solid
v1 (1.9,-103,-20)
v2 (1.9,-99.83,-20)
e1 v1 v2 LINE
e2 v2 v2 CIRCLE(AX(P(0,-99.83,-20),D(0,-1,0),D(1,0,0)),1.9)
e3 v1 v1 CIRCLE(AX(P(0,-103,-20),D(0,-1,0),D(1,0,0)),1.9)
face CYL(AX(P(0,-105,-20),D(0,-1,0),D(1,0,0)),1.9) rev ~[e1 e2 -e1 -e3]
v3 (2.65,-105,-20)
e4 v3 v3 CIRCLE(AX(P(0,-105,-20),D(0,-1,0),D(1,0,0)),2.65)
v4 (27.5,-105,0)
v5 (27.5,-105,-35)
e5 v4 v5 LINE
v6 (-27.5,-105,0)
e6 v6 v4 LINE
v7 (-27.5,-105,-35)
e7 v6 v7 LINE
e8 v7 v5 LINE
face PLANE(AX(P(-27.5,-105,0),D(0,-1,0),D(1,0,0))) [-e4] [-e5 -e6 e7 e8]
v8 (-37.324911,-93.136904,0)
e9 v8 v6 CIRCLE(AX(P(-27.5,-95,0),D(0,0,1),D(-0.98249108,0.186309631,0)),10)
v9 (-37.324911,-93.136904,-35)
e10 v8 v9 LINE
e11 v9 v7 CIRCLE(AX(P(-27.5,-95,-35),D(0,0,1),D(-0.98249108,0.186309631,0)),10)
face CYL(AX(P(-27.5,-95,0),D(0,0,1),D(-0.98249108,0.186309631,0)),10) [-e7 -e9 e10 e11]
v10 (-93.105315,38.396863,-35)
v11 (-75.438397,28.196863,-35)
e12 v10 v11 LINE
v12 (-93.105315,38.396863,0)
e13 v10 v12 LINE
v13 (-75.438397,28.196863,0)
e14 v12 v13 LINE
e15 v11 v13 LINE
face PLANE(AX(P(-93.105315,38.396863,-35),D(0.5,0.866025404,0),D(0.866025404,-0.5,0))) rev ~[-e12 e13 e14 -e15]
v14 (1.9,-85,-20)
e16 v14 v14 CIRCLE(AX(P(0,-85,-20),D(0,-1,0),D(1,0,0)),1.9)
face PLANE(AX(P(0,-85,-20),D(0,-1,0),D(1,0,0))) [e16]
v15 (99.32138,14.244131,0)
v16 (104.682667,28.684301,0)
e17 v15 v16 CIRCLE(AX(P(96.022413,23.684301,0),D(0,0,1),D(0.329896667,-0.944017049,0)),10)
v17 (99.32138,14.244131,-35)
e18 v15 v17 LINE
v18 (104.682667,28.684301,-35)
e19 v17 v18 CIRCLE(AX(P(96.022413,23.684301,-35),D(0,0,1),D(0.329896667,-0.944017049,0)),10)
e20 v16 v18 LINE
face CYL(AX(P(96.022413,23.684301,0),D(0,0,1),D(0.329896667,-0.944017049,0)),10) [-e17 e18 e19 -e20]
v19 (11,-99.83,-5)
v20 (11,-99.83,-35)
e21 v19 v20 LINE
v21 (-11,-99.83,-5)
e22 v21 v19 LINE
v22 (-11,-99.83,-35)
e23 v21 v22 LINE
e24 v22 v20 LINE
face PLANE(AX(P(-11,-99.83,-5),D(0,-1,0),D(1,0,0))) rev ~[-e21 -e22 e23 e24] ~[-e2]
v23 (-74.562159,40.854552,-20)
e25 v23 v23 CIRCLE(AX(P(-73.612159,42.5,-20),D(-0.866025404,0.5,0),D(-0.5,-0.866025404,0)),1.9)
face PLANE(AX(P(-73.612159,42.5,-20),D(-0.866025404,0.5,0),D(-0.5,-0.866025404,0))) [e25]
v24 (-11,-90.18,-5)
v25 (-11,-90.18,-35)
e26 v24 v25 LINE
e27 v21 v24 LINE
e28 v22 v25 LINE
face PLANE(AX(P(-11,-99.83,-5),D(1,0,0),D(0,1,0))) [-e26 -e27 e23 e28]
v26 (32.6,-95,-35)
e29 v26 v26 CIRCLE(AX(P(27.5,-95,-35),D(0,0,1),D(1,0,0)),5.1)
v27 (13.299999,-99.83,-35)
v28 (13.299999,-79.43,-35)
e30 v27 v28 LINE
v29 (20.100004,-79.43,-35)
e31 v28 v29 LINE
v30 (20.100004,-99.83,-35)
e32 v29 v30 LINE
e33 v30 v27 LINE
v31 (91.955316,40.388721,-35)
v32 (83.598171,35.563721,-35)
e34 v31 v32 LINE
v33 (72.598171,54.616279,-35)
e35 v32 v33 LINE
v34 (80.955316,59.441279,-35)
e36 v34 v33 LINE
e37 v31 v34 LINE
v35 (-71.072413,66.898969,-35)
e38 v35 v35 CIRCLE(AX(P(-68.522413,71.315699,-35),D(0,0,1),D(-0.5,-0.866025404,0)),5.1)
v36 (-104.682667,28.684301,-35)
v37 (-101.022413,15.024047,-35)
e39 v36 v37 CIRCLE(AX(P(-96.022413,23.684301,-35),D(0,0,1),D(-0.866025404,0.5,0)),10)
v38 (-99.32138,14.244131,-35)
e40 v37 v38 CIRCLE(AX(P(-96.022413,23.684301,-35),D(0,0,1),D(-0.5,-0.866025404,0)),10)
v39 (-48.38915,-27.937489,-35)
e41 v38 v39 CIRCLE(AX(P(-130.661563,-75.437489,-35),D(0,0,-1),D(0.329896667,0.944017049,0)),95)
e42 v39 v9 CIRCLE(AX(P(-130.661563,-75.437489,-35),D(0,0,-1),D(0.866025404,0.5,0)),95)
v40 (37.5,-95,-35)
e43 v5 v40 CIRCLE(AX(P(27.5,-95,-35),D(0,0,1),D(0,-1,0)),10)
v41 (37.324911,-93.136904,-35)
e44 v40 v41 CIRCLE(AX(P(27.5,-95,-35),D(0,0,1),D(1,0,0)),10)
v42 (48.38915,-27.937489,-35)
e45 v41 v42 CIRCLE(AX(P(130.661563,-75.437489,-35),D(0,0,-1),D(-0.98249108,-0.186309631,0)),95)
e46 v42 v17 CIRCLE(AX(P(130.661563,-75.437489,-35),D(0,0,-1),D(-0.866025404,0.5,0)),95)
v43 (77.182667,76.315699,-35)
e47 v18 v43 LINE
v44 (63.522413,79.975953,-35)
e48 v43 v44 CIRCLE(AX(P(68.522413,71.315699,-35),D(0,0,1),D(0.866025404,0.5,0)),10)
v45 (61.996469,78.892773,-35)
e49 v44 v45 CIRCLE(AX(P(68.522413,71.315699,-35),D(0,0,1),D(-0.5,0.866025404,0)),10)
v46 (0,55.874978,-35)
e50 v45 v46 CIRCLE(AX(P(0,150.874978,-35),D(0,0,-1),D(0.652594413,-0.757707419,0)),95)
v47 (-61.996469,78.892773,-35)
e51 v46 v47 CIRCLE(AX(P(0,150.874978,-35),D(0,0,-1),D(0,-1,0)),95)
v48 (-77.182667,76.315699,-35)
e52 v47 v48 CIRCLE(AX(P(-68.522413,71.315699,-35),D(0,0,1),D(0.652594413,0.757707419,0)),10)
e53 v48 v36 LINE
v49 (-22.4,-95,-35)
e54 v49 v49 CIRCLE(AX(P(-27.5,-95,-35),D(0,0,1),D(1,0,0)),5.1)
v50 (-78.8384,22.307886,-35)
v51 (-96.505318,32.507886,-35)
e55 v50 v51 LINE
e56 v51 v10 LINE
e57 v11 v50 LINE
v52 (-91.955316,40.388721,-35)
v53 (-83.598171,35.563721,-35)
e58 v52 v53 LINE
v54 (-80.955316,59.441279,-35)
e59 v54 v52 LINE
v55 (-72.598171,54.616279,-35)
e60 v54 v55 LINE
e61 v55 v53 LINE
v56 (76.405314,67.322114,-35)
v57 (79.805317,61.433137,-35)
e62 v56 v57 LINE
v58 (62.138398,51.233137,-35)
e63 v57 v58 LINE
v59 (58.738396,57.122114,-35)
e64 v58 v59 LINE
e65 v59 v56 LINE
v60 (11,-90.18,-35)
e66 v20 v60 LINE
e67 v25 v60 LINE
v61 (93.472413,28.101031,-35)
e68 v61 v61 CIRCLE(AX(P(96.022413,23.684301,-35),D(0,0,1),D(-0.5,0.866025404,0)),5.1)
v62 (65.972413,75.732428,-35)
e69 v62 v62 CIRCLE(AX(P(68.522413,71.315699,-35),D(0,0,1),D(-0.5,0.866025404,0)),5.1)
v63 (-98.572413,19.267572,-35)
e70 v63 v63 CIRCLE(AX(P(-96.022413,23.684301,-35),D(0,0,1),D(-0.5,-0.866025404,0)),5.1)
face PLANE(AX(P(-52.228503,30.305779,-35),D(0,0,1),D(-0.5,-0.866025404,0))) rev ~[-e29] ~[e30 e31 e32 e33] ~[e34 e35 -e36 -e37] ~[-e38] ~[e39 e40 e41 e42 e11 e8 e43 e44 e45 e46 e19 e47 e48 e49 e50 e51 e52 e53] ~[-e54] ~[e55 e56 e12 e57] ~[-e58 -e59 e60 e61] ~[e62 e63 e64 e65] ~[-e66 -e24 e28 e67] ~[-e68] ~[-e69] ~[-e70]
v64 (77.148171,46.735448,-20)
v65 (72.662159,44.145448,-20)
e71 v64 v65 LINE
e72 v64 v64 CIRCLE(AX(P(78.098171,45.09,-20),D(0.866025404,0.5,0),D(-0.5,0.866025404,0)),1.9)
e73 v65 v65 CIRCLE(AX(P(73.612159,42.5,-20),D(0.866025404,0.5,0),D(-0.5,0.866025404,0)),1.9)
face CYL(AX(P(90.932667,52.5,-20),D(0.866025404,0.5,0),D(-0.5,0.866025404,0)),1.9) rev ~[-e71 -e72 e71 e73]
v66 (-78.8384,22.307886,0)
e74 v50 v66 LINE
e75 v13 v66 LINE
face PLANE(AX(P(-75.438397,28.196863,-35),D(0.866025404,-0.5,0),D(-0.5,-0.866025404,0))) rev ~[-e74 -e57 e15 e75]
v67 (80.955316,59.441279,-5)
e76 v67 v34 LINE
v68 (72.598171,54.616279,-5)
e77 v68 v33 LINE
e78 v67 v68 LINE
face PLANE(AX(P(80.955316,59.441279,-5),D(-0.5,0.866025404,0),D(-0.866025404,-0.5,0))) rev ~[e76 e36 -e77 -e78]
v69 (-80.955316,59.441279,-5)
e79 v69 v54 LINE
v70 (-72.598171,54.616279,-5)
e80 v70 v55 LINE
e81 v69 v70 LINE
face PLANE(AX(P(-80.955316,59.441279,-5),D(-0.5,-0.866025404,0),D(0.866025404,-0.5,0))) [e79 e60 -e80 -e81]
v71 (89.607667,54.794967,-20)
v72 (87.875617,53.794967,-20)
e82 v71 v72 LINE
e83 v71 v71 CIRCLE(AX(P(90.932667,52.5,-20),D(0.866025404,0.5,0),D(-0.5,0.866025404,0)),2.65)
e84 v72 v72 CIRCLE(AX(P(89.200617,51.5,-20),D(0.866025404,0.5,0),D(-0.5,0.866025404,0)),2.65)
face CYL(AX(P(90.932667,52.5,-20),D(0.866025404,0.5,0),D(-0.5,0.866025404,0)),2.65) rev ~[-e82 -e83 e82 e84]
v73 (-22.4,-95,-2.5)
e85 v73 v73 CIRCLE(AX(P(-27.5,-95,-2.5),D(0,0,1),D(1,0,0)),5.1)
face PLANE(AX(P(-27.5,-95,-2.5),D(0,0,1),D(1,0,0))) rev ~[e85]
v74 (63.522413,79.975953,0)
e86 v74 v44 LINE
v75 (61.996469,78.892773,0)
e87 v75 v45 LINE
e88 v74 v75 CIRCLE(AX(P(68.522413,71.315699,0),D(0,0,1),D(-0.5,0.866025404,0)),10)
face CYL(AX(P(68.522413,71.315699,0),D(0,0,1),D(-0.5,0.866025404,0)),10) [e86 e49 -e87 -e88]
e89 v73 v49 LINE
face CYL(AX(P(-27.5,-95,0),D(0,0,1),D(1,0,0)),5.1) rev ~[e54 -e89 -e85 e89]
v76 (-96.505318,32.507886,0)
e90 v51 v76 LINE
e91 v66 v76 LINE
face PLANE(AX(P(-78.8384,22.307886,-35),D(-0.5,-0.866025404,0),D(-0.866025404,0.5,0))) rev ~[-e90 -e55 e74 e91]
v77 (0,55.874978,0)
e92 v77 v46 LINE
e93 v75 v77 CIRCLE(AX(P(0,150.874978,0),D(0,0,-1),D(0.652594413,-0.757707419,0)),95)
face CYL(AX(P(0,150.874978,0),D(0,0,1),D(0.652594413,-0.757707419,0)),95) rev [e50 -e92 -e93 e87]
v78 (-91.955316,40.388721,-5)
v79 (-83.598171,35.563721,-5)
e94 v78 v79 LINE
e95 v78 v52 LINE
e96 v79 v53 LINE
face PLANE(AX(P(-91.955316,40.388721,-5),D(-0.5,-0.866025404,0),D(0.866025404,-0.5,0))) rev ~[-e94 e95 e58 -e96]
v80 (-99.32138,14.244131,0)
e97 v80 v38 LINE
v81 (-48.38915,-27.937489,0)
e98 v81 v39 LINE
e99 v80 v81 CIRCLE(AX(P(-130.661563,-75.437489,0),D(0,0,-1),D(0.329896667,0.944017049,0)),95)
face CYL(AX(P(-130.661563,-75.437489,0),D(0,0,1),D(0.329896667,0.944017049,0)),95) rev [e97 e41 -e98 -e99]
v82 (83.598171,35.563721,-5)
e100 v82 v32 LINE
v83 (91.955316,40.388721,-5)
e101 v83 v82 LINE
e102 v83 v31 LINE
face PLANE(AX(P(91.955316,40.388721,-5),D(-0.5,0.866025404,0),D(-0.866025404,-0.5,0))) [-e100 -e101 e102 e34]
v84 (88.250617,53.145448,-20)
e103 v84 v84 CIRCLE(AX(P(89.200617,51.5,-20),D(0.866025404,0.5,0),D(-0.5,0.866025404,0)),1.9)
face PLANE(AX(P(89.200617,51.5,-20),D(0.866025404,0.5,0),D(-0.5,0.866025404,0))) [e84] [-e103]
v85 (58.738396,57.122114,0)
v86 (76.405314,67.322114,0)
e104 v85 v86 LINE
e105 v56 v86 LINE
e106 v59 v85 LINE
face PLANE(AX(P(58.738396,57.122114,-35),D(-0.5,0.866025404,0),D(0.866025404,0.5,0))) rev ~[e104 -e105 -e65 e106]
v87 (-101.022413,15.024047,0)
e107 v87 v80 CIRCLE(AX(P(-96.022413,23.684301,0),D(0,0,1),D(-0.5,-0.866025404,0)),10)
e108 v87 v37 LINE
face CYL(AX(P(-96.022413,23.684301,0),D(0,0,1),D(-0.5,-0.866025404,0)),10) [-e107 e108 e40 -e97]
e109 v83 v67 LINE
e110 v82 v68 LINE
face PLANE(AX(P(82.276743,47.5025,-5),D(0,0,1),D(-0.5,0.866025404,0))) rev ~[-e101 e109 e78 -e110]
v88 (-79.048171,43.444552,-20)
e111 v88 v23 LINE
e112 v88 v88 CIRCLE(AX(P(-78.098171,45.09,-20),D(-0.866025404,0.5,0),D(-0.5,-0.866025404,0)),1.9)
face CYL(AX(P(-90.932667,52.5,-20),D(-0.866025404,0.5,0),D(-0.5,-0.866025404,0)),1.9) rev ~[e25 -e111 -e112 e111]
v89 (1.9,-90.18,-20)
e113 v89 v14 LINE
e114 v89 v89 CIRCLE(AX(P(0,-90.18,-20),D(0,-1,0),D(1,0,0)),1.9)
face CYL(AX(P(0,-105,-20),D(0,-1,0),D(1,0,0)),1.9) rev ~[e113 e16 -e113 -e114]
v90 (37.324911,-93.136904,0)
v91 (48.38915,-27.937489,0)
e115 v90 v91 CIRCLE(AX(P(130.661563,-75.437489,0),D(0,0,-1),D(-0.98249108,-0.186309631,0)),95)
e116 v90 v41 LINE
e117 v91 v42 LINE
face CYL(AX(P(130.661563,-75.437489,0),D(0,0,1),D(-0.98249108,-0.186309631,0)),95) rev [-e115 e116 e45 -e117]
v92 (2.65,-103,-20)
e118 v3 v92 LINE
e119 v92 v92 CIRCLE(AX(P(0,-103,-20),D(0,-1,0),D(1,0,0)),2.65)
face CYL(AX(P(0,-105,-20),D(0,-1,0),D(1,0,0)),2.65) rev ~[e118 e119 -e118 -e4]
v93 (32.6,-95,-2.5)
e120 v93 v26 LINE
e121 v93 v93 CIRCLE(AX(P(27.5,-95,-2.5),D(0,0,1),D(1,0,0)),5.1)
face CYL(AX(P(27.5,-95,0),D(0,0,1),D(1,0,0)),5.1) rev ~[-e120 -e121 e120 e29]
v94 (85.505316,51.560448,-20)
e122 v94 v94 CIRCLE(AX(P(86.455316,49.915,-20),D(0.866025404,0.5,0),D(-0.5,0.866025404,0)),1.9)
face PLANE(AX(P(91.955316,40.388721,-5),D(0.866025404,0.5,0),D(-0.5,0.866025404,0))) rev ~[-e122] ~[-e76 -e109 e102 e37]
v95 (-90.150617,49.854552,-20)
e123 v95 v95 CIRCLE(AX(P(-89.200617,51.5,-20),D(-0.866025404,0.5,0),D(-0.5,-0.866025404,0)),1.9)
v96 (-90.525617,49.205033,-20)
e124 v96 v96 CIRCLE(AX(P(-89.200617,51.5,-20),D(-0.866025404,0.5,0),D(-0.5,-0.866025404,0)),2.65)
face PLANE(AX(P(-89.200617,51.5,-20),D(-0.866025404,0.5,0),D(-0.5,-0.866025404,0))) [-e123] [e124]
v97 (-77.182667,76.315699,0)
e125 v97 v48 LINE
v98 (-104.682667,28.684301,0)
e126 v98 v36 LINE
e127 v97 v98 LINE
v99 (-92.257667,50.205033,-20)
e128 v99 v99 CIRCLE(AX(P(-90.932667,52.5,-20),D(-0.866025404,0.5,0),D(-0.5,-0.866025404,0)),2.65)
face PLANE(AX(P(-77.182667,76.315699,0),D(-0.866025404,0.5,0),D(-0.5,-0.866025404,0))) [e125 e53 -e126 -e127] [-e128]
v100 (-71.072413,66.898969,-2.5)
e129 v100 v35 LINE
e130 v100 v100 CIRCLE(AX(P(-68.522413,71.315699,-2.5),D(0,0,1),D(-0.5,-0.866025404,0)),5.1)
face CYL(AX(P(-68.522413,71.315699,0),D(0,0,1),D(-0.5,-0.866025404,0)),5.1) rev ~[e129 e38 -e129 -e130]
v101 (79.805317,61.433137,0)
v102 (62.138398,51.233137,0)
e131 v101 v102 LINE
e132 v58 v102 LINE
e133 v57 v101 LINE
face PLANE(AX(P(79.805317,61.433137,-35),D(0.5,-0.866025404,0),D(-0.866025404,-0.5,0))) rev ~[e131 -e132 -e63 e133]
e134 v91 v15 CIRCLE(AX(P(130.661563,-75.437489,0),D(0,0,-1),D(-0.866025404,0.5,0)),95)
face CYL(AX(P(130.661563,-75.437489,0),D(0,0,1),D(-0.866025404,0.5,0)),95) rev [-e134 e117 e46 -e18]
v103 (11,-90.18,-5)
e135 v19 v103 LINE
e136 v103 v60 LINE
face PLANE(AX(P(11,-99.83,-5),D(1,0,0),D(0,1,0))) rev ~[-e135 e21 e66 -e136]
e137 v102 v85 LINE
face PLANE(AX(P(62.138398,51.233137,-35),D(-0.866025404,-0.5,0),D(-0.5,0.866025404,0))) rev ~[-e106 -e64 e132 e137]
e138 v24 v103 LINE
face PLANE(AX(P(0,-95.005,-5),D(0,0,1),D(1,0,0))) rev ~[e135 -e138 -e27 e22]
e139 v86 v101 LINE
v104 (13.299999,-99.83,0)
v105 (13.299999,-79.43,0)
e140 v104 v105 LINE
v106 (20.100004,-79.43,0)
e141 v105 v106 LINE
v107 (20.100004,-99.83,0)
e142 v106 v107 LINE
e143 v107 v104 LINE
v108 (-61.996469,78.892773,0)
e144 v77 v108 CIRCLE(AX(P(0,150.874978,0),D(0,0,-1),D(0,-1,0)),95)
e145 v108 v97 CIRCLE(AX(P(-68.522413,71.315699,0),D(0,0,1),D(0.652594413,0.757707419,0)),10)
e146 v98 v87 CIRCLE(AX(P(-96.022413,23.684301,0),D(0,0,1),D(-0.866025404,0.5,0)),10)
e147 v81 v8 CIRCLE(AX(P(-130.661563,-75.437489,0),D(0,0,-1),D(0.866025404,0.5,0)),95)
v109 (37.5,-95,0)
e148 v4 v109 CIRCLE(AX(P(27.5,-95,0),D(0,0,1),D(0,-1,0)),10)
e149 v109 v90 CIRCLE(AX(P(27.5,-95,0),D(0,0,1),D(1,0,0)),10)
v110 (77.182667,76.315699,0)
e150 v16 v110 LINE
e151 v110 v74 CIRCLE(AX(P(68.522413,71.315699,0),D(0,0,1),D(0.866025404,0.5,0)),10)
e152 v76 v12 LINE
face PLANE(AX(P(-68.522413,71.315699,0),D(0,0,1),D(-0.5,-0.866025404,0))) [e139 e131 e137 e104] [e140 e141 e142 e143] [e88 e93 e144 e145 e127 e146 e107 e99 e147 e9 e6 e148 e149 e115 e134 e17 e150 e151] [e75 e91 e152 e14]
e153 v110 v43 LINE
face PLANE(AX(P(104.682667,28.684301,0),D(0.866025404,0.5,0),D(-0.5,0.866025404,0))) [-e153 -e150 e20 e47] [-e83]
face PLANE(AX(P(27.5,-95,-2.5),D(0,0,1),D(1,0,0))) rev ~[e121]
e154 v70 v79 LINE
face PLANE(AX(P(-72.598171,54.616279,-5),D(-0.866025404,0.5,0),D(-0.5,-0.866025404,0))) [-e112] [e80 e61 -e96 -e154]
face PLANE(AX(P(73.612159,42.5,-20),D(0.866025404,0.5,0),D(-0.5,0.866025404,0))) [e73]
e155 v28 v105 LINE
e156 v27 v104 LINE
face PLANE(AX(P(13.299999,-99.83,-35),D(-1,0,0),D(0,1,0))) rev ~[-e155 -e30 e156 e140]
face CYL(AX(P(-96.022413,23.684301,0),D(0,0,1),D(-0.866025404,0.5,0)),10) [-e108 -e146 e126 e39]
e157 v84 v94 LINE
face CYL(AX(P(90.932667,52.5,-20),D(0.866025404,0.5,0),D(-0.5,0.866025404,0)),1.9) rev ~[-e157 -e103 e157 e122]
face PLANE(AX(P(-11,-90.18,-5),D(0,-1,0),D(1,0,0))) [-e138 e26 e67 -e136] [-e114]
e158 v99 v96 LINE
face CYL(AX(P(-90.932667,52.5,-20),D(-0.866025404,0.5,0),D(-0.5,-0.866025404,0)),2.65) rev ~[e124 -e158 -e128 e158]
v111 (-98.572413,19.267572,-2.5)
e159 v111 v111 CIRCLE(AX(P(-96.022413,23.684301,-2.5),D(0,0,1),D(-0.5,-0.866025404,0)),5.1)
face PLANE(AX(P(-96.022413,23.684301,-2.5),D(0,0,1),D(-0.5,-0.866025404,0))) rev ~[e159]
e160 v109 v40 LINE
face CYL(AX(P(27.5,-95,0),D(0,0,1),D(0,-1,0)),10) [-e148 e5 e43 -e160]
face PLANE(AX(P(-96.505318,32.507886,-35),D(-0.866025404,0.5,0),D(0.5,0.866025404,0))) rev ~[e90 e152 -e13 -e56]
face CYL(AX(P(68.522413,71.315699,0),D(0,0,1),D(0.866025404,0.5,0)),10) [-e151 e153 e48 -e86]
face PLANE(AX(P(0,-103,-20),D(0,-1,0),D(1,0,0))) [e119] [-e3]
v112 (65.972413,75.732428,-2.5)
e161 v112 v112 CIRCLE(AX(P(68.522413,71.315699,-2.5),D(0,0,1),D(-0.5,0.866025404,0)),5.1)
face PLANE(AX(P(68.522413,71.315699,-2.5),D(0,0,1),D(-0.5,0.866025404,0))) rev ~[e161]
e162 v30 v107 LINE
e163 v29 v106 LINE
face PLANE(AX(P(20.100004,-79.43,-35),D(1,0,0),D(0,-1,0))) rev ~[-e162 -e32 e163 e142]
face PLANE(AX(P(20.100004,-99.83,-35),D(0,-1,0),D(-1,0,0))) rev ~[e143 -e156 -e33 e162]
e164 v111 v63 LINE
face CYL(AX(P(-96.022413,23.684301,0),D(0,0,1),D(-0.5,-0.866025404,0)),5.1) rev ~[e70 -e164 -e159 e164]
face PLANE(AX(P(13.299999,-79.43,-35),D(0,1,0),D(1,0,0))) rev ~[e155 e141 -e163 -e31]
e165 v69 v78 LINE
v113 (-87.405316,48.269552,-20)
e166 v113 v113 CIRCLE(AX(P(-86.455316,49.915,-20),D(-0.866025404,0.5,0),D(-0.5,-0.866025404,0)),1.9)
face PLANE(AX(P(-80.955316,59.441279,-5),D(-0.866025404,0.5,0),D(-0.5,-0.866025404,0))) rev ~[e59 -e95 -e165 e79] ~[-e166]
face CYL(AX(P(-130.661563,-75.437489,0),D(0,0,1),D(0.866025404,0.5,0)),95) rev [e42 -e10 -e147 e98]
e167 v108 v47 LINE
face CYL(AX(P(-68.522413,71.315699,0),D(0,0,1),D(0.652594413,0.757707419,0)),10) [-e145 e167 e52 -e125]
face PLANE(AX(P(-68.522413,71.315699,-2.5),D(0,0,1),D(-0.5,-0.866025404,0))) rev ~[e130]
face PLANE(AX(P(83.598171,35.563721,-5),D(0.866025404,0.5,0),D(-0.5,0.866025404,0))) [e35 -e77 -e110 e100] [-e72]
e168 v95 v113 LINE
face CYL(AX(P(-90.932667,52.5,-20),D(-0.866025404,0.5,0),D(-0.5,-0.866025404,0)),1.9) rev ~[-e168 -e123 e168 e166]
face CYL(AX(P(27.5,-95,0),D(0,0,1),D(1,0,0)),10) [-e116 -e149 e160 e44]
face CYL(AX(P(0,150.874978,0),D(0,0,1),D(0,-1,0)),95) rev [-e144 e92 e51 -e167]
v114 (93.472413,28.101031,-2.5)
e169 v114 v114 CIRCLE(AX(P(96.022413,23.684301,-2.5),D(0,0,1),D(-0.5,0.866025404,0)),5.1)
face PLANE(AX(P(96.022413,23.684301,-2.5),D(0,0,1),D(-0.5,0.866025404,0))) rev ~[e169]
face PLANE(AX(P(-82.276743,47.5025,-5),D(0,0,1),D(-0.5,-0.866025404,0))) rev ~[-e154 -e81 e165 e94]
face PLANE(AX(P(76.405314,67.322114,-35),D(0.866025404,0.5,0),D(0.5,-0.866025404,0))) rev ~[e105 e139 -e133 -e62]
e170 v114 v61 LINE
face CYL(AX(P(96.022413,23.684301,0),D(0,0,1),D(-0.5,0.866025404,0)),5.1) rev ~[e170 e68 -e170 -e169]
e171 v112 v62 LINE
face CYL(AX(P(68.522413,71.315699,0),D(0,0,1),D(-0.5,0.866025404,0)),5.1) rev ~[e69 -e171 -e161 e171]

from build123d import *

# Parameters (mm, degrees)
F0_R      = 5.1
F1_DEPTH  = 35
F3_START  = -5
F2_W      = 22
F2_H      = 9.65
F3_DEPTH  = 30
F4_DEPTH  = 2.5
F5_R      = 1.9
F6_DEPTH  = 20
F5_R_2    = 2.65
F7_DEPTH  = 2
F9_DEPTH  = 35
F10_COUNT = 3
F10_ANGLE = 240


with BuildPart() as f1:
    # F0 (on Top) → F1 (new body)
    with BuildSketch(Plane.XY):
        with BuildLine():
            Line((48.3891499996, -27.9374887781), (0, 0))
            Line((0, 0), (-48.3891499996, -27.9374887781))
            ThreePointArc((-48.3891499996, -27.9374887781), (-37.0005953155, -59.5433683199), (-37.3249107961, -93.1369036932))
            ThreePointArc((-37.3249107961, -93.1369036932), (-26.5643472762, -85.0438685233), (-17.5, -95))
            ThreePointArc((-17.5, -95), (-20.4289321881, -102.0710678119), (-27.5, -105))
            Line((-27.5, -105), (27.5, -105))
            ThreePointArc((27.5, -105), (19.7983455327, -88.6215583043), (37.3249107961, -93.1369036932))
            ThreePointArc((37.3249107961, -93.1369036932), (37.0005953155, -59.5433683199), (48.3891499996, -27.9374887781))
        make_face()
        with BuildLine():
            ThreePointArc((-17.5, -95), (-26.5643472762, -85.0438685233), (-37.3249107961, -93.1369036932))
            ThreePointArc((-37.3249107961, -93.1369036932), (-35.2016544673, -101.3784416957), (-27.5, -105))
            ThreePointArc((-27.5, -105), (-20.4289321881, -102.0710678119), (-17.5, -95))
        make_face()
        with Locations((-27.5, -95)):
            Circle(F0_R, mode=Mode.SUBTRACT)
        with BuildLine():
            ThreePointArc((37.5, -95), (37.4561314767, -94.0643472762), (37.3249107961, -93.1369036932))
            ThreePointArc((37.3249107961, -93.1369036932), (19.7983455327, -88.6215583043), (27.5, -105))
            ThreePointArc((27.5, -105), (34.5710678119, -102.0710678119), (37.5, -95))
        make_face()
        with Locations((27.5, -95)):
            Circle(F0_R, mode=Mode.SUBTRACT)
    extrude(amount=-F1_DEPTH)

    # F2 (on face) → F3 (cut)
    with BuildSketch(Plane.XY.offset(F3_START)):
        with Locations((0, -95.005)):
            Rectangle(F2_W, F2_H)
    extrude(amount=-F3_DEPTH, mode=Mode.SUBTRACT)

    # F0 (on Top) → F4 (join)
    with BuildSketch(Plane.XY):
        with Locations((-27.5, -95)):
            Circle(F0_R)
        with Locations((27.5, -95)):
            Circle(F0_R)
    extrude(amount=-F4_DEPTH)

    # F5 (on face) → F6 (cut)
    with BuildSketch(Plane.XZ.offset(105)):
        with Locations((0, -20)):
            Circle(F5_R)
    extrude(amount=-F6_DEPTH, mode=Mode.SUBTRACT)

    # F5 (on face) → F7 (cut)
    with BuildSketch(Plane.XZ.offset(105)):
        with Locations((0, -20)):
            Circle(F5_R_2)
        with Locations((0, -20)):
            Circle(F5_R, mode=Mode.SUBTRACT)
    extrude(amount=-F7_DEPTH, mode=Mode.SUBTRACT)

    # F8 (on face) → F9 (cut, through all)
    with BuildSketch(Plane(origin=(0, 0, -35), x_dir=(1, 0, 0), z_dir=(0, 0, -1))):
        Polygon((20.1000036855, 95.005), (20.1000036855, 99.83), (13.2999987654, 99.83), (13.2999987654, 95.005), (13.2999987654, 79.43), (20.1000036855, 79.43), align=None)
    extrude(amount=-F9_DEPTH, mode=Mode.SUBTRACT)

    # F10: F1 ×3 about axis
    f10_axis = Axis((0, 0, 0), (0, 0, 1))


with BuildPart() as f1_1:
    add(f1.part)
    for i in range(1, F10_COUNT):
        add(f1.part.rotate(f10_axis, i * F10_ANGLE / (F10_COUNT - 1)))


solid = f1_1.part
